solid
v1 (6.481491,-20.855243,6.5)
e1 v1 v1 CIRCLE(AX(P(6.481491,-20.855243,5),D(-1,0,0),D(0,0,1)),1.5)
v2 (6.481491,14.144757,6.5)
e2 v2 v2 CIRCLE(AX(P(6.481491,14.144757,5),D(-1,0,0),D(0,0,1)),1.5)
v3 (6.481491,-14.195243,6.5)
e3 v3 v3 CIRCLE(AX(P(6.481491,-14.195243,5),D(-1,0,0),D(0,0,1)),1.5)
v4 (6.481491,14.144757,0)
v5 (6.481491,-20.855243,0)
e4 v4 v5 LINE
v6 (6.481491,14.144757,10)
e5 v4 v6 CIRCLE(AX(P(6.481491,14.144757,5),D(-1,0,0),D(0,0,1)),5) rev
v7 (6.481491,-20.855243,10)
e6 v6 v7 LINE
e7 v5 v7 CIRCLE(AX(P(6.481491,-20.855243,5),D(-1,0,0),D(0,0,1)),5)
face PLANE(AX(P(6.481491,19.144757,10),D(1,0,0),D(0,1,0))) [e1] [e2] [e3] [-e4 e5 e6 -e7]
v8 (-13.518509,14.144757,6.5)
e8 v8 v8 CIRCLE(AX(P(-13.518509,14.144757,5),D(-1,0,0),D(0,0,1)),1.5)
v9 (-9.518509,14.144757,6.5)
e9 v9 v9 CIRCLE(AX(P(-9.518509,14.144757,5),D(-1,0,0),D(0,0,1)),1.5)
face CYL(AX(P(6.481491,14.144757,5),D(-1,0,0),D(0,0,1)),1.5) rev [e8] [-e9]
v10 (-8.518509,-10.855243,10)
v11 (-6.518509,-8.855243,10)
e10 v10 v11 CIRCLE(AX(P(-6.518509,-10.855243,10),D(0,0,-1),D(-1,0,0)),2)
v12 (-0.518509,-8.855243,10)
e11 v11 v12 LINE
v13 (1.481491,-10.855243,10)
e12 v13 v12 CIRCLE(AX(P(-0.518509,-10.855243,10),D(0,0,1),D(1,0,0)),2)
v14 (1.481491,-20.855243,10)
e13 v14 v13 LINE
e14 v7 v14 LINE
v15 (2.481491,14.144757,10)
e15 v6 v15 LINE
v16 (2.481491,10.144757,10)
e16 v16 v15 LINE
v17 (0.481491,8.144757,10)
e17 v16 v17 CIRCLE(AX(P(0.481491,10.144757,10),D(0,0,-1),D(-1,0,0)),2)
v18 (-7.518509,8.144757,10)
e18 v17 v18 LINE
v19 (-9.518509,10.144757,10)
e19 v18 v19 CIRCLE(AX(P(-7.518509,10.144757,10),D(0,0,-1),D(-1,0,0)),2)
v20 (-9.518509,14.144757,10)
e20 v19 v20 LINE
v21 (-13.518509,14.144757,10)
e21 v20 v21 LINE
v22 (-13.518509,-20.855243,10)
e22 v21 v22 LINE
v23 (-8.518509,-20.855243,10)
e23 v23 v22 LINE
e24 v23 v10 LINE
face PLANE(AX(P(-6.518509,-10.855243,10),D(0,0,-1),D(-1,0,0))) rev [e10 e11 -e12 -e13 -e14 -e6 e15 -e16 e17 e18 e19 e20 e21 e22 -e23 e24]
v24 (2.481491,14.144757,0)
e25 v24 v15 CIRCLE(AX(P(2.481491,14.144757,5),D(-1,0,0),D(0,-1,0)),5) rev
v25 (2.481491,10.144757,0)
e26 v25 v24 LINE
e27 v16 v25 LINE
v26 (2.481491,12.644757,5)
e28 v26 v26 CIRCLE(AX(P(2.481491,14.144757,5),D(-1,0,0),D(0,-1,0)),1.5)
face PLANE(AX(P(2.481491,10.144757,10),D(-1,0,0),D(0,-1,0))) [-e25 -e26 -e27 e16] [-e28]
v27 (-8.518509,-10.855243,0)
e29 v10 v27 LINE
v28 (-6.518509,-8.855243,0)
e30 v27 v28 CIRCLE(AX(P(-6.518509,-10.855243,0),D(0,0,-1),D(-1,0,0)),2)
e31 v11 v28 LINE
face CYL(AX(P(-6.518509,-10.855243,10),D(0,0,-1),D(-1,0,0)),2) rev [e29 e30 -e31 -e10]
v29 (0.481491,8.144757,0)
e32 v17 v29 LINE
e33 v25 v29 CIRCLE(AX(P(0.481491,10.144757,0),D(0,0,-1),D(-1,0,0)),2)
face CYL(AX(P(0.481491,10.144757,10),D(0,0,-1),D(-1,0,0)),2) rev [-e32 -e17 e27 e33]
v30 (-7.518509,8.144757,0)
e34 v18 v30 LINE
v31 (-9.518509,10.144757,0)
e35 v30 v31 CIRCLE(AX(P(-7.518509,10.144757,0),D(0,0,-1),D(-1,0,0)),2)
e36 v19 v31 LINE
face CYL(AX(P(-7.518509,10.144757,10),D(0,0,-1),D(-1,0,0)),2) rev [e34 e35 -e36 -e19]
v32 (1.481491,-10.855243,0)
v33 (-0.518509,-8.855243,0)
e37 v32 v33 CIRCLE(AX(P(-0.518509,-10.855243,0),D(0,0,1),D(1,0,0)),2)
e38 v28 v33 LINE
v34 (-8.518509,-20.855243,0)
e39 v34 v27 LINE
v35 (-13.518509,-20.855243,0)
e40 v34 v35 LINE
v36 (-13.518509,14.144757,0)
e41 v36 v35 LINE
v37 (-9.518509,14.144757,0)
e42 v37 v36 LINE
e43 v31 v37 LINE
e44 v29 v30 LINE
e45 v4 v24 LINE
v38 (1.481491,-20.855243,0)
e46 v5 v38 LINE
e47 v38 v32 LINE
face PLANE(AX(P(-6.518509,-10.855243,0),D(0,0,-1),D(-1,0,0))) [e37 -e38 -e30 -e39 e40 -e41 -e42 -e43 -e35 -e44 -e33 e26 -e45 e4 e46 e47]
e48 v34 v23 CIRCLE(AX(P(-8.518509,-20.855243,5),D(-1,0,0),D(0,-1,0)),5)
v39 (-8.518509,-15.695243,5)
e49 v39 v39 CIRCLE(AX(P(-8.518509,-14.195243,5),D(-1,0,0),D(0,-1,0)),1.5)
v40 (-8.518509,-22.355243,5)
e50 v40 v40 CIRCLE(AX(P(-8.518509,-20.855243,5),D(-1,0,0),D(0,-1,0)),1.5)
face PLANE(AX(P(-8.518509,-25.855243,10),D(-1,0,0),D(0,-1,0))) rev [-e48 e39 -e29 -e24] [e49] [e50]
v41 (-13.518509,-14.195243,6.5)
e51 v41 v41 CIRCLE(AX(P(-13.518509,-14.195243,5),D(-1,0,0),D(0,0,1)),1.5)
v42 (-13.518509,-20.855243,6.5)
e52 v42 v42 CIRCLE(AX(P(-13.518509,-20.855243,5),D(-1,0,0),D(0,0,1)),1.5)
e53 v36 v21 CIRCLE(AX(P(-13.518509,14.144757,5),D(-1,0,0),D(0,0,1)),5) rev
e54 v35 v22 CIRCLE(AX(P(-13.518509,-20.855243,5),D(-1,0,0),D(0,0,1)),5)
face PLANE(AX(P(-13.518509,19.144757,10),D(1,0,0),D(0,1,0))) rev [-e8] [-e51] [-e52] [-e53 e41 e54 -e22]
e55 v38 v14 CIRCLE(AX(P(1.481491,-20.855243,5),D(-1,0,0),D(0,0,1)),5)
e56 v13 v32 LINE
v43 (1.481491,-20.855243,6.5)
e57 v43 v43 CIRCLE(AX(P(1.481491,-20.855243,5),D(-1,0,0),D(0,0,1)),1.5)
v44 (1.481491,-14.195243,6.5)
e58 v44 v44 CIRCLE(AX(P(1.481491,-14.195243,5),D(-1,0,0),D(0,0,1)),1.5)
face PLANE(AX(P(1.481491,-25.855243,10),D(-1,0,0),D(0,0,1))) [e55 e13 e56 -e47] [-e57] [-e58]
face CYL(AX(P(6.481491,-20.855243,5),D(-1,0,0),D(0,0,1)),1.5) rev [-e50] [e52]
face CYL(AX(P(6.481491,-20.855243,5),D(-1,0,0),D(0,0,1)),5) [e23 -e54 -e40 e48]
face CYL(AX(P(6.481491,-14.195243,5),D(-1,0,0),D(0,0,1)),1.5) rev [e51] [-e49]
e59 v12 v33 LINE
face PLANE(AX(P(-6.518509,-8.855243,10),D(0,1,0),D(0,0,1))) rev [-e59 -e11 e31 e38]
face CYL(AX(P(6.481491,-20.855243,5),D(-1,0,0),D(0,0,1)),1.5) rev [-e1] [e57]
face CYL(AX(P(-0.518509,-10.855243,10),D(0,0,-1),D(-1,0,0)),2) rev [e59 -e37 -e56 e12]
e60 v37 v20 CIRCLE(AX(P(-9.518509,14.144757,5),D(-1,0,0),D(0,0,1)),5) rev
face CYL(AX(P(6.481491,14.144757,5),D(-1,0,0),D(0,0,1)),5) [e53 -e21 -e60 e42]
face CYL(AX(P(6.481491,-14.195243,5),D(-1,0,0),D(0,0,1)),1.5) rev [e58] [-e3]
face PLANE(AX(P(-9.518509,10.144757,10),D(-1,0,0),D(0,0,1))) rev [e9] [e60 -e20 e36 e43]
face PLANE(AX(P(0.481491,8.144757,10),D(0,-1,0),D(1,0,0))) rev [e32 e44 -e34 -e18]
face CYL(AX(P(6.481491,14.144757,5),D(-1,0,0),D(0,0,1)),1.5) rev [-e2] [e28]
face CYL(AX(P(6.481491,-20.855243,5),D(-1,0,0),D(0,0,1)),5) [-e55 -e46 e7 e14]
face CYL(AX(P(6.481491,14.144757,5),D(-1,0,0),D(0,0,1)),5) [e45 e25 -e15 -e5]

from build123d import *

# Parameters (mm, degrees)
BOSS_EXTRU_1_DEPTH      = 10
ESQUISSE2_R             = 1.5
ENL_V_MAT_EXTRU_1_DEPTH = 35.183235498


with BuildPart() as part:
    # Esquisse1 → Boss.-Extru.1 (new body)
    with BuildSketch(Plane.XY):
        with BuildLine():
            Line((0.481491326, 8.144757028), (-7.518508674, 8.144757028))
            ThreePointArc((-7.518508674, 8.144757028), (-8.932722237, 8.730543466), (-9.518508674, 10.144757028))
            Line((-9.518508674, 10.144757028), (-9.518508674, 19.144757028))
            Line((-9.518508674, 19.144757028), (-13.518508674, 19.144757028))
            Line((-13.518508674, 19.144757028), (-13.518508674, -25.855242972))
            Line((-13.518508674, -25.855242972), (-8.518508674, -25.855242972))
            Line((-8.518508674, -25.855242972), (-8.518508674, -10.855242972))
            ThreePointArc((-8.518508674, -10.855242972), (-7.932722237, -9.441029409), (-6.518508674, -8.855242972))
            Line((-6.518508674, -8.855242972), (-0.518508674, -8.855242972))
            ThreePointArc((-0.518508674, -8.855242972), (0.895704888, -9.441029409), (1.481491326, -10.855242972))
            Line((1.481491326, -10.855242972), (1.481491326, -25.855242972))
            Line((1.481491326, -25.855242972), (6.481491326, -25.855242972))
            Line((6.481491326, -25.855242972), (6.481491326, 19.144757028))
            Line((6.481491326, 19.144757028), (2.481491326, 19.144757028))
            Line((2.481491326, 19.144757028), (2.481491326, 10.144757028))
            ThreePointArc((2.481491326, 10.144757028), (1.895704888, 8.730543466), (0.481491326, 8.144757028))
        make_face()
    extrude(amount=BOSS_EXTRU_1_DEPTH)

    # Esquisse2 → Enlèv. mat.-Extru.1 (cut, through all)
    with BuildSketch(Plane.ZY.offset(13.518508674)):
        with BuildLine():
            ThreePointArc((10, -20.855242972), (8.535533906, -24.390776877), (5, -25.855242972))
            Line((5, -25.855242972), (10, -25.855242972))
            Line((10, -25.855242972), (10, -20.855242972))
        make_face()
        with BuildLine():
            ThreePointArc((5, -25.855242972), (1.464466094, -24.390776877), (0, -20.855242972))
            Line((0, -20.855242972), (0, -25.855242972))
            Line((0, -25.855242972), (5, -25.855242972))
        make_face()
        with Locations((5, -20.855242972)):
            Circle(ESQUISSE2_R)
        with BuildLine():
            Line((10, 19.144757028), (5, 19.144757028))
            ThreePointArc((5, 19.144757028), (8.535533906, 17.680290934), (10, 14.144757028))
            Line((10, 14.144757028), (10, 19.144757028))
        make_face()
        with BuildLine():
            Line((0, 19.144757028), (0, 14.144757028))
            ThreePointArc((0, 14.144757028), (1.464466094, 17.680290934), (5, 19.144757028))
            Line((5, 19.144757028), (0, 19.144757028))
        make_face()
        with Locations((5, 14.144757028)):
            Circle(ESQUISSE2_R)
        with Locations((5, -14.195242972)):
            Circle(ESQUISSE2_R)
    extrude(amount=-ENL_V_MAT_EXTRU_1_DEPTH, mode=Mode.SUBTRACT)


solid = part.part
